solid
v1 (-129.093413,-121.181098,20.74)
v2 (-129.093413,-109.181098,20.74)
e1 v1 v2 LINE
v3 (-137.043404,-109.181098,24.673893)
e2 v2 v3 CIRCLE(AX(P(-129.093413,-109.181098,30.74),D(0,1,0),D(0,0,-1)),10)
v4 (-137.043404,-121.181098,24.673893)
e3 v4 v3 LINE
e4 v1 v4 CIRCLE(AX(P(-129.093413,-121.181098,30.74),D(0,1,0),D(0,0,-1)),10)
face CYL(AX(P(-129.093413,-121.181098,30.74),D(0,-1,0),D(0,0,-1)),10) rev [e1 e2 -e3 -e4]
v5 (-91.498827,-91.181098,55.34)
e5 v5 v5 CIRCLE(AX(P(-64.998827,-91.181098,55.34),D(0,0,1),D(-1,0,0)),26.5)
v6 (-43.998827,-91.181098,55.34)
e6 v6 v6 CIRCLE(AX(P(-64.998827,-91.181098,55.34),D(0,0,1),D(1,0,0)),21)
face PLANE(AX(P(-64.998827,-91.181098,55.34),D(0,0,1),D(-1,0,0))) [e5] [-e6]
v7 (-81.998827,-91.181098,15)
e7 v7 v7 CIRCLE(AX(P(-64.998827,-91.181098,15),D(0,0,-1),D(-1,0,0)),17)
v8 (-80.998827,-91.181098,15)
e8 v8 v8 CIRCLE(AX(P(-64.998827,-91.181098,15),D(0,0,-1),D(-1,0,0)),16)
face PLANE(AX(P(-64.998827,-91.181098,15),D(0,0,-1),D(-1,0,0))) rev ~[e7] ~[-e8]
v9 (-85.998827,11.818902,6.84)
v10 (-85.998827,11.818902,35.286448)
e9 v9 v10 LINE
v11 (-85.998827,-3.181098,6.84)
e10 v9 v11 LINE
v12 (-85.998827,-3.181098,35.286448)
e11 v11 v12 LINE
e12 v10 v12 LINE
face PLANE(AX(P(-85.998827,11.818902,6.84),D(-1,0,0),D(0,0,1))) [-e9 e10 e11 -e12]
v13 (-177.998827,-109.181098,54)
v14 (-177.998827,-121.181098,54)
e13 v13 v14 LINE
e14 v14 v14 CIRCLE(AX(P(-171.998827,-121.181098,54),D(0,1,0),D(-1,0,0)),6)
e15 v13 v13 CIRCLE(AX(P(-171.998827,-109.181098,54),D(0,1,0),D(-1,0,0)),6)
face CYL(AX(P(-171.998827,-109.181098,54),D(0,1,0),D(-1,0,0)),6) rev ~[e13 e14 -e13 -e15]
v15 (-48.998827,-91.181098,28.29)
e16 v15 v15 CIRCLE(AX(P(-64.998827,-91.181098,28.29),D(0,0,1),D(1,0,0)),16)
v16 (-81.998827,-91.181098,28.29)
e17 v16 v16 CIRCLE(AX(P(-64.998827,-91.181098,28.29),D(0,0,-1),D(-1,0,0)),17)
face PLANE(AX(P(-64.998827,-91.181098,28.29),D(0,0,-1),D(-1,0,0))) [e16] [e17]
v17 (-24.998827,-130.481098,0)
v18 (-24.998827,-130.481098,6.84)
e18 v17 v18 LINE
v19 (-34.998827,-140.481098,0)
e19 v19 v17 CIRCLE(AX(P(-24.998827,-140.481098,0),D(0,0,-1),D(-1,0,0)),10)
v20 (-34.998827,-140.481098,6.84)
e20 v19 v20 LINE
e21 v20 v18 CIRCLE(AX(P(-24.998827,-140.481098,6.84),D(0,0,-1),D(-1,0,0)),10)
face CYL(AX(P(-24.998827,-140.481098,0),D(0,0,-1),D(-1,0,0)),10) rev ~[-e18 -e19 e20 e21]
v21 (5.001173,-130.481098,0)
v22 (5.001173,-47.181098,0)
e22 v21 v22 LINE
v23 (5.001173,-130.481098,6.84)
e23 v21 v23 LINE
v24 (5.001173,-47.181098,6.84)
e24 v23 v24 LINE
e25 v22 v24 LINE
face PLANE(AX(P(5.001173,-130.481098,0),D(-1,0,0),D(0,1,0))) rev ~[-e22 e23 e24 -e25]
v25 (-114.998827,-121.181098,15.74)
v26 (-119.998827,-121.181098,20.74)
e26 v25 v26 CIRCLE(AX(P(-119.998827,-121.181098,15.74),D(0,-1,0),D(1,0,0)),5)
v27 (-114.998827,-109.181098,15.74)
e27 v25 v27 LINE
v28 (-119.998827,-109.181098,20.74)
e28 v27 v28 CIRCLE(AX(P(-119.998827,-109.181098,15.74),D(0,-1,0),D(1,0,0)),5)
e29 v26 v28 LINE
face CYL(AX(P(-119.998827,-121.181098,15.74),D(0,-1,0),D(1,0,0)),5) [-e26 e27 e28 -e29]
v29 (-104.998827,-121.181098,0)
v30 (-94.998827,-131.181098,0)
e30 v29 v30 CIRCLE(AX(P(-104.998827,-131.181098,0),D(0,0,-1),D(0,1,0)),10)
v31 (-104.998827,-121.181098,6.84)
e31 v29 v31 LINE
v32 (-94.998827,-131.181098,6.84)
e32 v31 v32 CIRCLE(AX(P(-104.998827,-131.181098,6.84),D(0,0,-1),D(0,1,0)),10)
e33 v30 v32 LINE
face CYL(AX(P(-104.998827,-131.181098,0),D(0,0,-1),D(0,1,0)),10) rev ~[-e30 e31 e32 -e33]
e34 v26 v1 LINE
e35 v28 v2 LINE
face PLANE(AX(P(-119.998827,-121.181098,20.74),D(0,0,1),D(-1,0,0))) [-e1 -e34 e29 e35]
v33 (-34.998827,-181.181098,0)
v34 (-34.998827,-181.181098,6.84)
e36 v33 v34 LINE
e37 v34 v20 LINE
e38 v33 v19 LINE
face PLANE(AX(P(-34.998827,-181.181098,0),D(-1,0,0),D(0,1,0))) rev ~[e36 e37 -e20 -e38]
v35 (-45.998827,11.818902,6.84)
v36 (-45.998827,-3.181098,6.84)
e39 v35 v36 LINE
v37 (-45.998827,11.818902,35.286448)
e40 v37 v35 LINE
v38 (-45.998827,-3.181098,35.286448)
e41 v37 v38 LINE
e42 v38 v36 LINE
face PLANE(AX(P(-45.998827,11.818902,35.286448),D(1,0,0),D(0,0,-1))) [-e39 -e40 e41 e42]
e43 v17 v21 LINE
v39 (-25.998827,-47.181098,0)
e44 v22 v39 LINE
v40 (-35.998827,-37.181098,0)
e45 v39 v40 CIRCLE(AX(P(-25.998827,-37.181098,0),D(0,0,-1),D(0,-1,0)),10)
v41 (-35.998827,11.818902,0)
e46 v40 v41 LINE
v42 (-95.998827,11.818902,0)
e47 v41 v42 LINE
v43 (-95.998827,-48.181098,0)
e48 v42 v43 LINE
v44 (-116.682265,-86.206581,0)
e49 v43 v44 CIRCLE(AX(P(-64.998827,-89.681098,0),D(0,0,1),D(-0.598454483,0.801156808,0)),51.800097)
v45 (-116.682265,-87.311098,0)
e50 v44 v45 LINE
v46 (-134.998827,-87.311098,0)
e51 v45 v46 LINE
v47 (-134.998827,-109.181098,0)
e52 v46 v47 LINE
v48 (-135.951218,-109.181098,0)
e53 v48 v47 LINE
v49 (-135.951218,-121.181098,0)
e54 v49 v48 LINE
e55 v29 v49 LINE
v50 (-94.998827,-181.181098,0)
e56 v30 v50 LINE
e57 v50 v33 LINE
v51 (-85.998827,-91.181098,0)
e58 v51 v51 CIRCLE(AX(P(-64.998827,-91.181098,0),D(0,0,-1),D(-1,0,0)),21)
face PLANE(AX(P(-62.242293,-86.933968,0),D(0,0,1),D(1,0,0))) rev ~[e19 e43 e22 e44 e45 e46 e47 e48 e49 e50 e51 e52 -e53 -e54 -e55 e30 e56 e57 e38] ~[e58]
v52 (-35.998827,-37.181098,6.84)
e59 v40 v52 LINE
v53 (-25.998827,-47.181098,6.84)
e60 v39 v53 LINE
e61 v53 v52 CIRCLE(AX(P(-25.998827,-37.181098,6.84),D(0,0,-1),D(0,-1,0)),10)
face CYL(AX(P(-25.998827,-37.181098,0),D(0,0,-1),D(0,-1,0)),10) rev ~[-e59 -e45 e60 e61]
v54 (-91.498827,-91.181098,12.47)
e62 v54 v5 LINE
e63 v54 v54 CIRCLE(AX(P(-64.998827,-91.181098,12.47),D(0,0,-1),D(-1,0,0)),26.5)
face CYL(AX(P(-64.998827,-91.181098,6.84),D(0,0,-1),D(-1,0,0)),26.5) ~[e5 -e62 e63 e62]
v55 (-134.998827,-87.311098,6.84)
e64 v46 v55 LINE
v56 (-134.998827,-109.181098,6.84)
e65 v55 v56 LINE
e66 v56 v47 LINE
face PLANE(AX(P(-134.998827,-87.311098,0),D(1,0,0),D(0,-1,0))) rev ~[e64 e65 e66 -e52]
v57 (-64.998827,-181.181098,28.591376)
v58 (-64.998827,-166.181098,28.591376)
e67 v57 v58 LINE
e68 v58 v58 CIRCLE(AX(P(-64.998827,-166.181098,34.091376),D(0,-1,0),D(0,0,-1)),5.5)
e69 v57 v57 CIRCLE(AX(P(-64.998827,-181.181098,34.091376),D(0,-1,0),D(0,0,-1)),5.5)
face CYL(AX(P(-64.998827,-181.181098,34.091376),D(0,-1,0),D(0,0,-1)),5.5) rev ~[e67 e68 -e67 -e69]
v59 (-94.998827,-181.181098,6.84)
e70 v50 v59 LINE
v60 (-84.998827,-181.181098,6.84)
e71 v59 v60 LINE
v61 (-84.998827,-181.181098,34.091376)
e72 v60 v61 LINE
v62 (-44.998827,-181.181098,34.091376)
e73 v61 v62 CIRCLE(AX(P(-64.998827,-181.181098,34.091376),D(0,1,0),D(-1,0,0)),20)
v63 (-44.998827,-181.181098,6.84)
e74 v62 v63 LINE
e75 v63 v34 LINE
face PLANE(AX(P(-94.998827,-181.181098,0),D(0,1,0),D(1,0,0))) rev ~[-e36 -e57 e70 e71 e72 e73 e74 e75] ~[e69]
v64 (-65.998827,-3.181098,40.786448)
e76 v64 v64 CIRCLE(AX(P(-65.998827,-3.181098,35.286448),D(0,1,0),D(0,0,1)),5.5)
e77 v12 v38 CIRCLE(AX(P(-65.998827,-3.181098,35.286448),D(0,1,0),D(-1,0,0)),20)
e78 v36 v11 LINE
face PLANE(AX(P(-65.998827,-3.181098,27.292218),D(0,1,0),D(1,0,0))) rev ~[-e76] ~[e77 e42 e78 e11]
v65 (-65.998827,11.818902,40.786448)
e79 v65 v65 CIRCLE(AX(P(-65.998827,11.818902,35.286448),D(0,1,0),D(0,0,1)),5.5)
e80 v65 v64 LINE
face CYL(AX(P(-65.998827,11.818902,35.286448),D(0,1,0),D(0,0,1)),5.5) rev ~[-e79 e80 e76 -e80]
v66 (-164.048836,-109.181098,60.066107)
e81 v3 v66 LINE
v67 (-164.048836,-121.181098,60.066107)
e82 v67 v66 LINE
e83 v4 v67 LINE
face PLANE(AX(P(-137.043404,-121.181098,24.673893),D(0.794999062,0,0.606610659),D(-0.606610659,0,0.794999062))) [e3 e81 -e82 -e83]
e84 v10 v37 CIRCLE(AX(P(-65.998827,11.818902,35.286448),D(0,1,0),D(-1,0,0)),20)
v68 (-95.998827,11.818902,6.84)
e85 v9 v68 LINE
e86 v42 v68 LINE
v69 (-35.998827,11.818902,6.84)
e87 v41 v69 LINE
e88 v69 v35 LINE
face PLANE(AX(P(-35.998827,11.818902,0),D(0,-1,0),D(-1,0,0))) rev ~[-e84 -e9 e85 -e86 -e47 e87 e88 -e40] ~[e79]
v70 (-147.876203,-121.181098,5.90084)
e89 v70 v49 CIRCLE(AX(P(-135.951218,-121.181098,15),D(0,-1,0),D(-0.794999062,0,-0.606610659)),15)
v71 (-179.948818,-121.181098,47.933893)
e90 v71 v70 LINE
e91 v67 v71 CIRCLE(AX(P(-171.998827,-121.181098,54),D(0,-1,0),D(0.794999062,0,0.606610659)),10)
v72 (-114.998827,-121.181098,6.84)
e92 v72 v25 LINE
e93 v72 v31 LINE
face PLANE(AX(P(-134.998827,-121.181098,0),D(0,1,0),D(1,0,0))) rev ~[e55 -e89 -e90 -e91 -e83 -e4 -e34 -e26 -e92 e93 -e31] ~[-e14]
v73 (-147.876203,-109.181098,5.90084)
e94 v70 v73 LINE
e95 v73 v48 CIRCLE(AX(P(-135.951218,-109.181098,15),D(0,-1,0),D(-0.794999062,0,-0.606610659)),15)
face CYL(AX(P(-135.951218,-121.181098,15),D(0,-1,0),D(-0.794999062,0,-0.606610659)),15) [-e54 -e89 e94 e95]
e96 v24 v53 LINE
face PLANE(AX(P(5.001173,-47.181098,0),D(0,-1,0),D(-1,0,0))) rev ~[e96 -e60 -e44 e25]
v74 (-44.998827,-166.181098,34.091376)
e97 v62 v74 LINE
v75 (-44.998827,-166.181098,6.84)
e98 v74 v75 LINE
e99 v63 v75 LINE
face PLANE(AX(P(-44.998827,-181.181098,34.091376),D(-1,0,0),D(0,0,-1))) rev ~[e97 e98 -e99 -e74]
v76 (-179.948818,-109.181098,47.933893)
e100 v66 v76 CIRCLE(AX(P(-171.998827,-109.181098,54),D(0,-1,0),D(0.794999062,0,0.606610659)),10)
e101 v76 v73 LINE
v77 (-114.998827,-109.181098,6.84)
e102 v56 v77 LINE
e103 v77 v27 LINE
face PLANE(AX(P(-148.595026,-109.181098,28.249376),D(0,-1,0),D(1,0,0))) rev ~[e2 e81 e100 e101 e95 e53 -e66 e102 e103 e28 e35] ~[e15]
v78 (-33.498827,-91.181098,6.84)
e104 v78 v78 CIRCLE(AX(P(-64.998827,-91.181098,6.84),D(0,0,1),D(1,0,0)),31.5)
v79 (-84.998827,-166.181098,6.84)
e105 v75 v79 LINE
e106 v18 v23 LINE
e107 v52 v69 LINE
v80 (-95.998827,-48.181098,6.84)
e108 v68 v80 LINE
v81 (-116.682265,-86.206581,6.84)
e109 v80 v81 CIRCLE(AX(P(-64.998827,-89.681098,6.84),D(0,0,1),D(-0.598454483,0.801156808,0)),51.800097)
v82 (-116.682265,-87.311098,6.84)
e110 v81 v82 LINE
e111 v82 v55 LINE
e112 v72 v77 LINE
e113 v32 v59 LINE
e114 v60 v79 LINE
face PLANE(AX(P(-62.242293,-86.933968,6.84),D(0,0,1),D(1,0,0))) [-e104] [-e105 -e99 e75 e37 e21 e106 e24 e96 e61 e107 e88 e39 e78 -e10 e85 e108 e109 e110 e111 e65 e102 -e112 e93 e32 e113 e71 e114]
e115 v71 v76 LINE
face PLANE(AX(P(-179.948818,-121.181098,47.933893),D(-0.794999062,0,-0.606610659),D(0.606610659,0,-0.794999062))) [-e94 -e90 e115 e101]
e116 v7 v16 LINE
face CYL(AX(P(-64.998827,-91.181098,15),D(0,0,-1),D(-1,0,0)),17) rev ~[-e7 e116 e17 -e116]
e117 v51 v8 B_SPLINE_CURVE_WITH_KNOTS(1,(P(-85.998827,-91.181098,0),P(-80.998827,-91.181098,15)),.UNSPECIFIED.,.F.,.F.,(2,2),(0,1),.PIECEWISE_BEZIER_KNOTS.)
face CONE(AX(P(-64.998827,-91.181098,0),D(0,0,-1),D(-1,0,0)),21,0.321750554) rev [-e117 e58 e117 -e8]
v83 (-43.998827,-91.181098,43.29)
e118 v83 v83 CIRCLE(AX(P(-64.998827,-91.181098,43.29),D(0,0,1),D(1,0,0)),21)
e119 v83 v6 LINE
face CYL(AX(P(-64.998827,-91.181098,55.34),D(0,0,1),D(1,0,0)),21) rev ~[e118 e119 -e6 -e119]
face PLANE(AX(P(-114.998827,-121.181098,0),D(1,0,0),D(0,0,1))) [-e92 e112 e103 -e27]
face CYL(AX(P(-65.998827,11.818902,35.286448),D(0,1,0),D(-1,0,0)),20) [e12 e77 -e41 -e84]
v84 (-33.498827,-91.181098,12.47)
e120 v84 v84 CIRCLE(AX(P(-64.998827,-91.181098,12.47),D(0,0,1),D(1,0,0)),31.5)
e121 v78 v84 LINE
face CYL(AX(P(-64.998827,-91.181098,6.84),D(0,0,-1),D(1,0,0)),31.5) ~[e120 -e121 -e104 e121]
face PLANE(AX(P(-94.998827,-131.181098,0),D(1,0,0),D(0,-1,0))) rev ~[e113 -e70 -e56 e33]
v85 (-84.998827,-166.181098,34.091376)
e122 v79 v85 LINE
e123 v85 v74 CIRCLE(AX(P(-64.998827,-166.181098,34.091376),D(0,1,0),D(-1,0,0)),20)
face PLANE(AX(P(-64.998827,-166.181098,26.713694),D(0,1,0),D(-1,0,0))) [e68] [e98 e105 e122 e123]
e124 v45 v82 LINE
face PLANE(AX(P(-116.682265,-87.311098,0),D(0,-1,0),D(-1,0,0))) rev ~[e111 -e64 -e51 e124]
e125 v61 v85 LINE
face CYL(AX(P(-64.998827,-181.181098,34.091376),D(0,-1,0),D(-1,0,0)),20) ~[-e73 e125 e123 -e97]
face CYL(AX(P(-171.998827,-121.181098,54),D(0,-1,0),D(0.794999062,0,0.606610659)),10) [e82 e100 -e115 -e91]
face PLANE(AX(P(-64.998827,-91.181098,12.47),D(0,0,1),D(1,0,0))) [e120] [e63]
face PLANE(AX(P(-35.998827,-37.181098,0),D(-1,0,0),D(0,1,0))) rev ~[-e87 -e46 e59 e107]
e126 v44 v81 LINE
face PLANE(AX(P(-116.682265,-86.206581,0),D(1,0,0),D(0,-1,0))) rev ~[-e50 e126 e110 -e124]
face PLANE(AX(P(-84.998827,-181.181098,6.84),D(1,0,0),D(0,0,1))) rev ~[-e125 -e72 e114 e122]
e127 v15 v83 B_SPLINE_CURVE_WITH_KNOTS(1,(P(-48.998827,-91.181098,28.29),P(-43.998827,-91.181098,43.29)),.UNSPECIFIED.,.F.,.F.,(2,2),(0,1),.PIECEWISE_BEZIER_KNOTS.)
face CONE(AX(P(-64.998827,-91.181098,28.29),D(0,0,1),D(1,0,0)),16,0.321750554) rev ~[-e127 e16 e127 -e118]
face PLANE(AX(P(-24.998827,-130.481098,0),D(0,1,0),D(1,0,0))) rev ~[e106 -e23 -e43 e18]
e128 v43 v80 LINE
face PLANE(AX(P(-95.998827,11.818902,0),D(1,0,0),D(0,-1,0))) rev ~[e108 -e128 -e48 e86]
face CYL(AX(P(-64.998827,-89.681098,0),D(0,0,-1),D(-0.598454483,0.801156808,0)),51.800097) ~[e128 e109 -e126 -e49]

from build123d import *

# Parameters (mm, degrees)
EXTRUDE_1_DEPTH     = 6.84
EXTRUDE_2_DEPTH     = 12
SKETCH_3_R          = 26.5
EXTRUDE_3_DEPTH     = 48.5
SKETCH_4_R          = 31.5
EXTRUDE_4_DEPTH     = 5.63
SKETCH_5_R          = 21
CUT_EXTRUDE_1_DEPTH = 9.13
SKETCH_6_R          = 21
CUT_EXTRUDE_2_DEPTH = 2.92
SKETCH_7_R          = 16
SKETCH_9_R          = 21
SKETCH_8_R          = 16
SKETCH_10_R         = 17
CUT_EXTRUDE_3_DEPTH = 13.29
SKETCH_11_R         = 6
CUT_EXTRUDE_4_DEPTH = 42.92
EXTRUDE_5_DEPTH     = 15
SKETCH_13_R         = 5.5
CUT_EXTRUDE_5_DEPTH = 15
EXTRUDE_6_DEPTH     = 15
SKETCH_16_R         = 5.5
CUT_EXTRUDE_6_DEPTH = 15


with BuildPart() as part:
    # 스케치1 → 보스-돌출1 (new body)
    with BuildSketch(Plane.XY):
        with BuildLine():
            Line((-34.998826986, -181.181097978), (-34.998826986, -140.481097978))
            ThreePointArc((-34.998826986, -140.481097978), (-32.069894798, -133.410030166), (-24.998826986, -130.481097978))
            Line((-24.998826986, -130.481097978), (5.001173014, -130.481097978))
            Line((5.001173014, -130.481097978), (5.001173014, -47.181097978))
            Line((5.001173014, -47.181097978), (-25.998826986, -47.181097978))
            ThreePointArc((-25.998826986, -47.181097978), (-33.069894798, -44.25216579), (-35.998826986, -37.181097978))
            Line((-35.998826986, -37.181097978), (-35.998826986, 11.818902022))
            Line((-35.998826986, 11.818902022), (-95.998826986, 11.818902022))
            Line((-95.998826986, 11.818902022), (-95.998826986, -48.181097978))
            ThreePointArc((-95.998826986, -48.181097978), (-110.502915378, -64.929776001), (-116.68226469, -86.206581157))
            Line((-116.68226469, -86.206581157), (-116.68226469, -87.311097978))
            Line((-116.68226469, -87.311097978), (-134.998826986, -87.311097978))
            Line((-134.998826986, -87.311097978), (-134.998826986, -121.181097978))
            Line((-134.998826986, -121.181097978), (-104.998826986, -121.181097978))
            ThreePointArc((-104.998826986, -121.181097978), (-97.927759174, -124.110030166), (-94.998826986, -131.181097978))
            Line((-94.998826986, -131.181097978), (-94.998826986, -181.181097978))
            Line((-94.998826986, -181.181097978), (-34.998826986, -181.181097978))
        make_face()
    extrude(amount=EXTRUDE_1_DEPTH)

    # 스케치2 → 보스-돌출2 (add)
    with BuildSketch(Plane.XZ.offset(121.181097978)):
        with BuildLine():
            Line((-114.998826986, 0), (-114.998826986, 15.74))
            ThreePointArc((-114.998826986, 15.74), (-116.46329308, 19.275533906), (-119.998826986, 20.74))
            Line((-119.998826986, 20.74), (-129.093412943, 20.74))
            ThreePointArc((-129.093412943, 20.74), (-133.528440233, 21.777269783), (-137.043403564, 24.673893413))
            Line((-137.043403564, 24.673893413), (-164.048836366, 60.066106587))
            ThreePointArc((-164.048836366, 60.066106587), (-178.064933574, 61.949990621), (-179.948817607, 47.933893413))
            Line((-179.948817607, 47.933893413), (-147.876203482, 5.900840119))
            ThreePointArc((-147.876203482, 5.900840119), (-142.603758486, 1.555904675), (-135.951217551, 0))
            Line((-135.951217551, 0), (-114.998826986, 0))
        make_face()
    extrude(amount=-EXTRUDE_2_DEPTH)

    # 스케치3 → 보스-돌출3 (add)
    with BuildSketch(Plane.XY.offset(6.84)):
        with Locations(Location((-64.998826986, -91.181097978, 0), (0, 0, 180))):
            Circle(SKETCH_3_R)
    extrude(amount=EXTRUDE_3_DEPTH)

    # 스케치4 → 보스-돌출4 (add)
    with BuildSketch(Plane.XY.offset(6.84)):
        with Locations((-64.998826986, -91.181097978)):
            Circle(SKETCH_4_R)
    extrude(amount=EXTRUDE_4_DEPTH)

    # 스케치5 → 컷-돌출1 (cut)
    with BuildSketch(Plane.XY.offset(55.34)):
        with Locations((-64.998826986, -91.181097978)):
            Circle(SKETCH_5_R)
    extrude(amount=-CUT_EXTRUDE_1_DEPTH, mode=Mode.SUBTRACT)

    # 스케치6 → 컷-돌출2 (cut)
    with BuildSketch(Plane.XY.offset(46.21)):
        with Locations((-64.998826986, -91.181097978)):
            Circle(SKETCH_6_R)
    extrude(amount=-CUT_EXTRUDE_2_DEPTH, mode=Mode.SUBTRACT)

    # 스케치7 → section 0 of loft_1
    with BuildSketch(Plane.XY.offset(28.29), mode=Mode.PRIVATE) as loft_1_s0:
        with Locations((-64.998826986, -91.181097978)):
            Circle(SKETCH_7_R)
    # loft up to a face of the part (loft_1)
    loft([loft_1_s0.sketch, Face(Wire([part.edges().sort_by_distance((-79.374316211, -75.872756802, 43.29))[0]]))], mode=Mode.SUBTRACT)

    # 스케치9 → 컷-로프트3 section 0
    with BuildSketch(Plane(origin=(0, 0, 0), x_dir=(-1, 0, 0), z_dir=(0, 0, -1))):
        with Locations((64.998826986, -91.181097978)):
            Circle(SKETCH_9_R)
    # 스케치8 → 컷-로프트3 section 1
    with BuildSketch(Plane(origin=(0, 0, 15), x_dir=(-1, 0, 0), z_dir=(0, 0, -1))):
        with Locations((64.998826986, -91.181097978)):
            Circle(SKETCH_8_R)
    loft(mode=Mode.SUBTRACT)

    # 스케치10 → 컷-돌출3 (cut)
    with BuildSketch(Plane(origin=(0, 0, 15), x_dir=(-1, 0, 0), z_dir=(0, 0, -1))):
        with Locations((64.998826986, -91.181097978)):
            Circle(SKETCH_10_R)
    extrude(amount=-CUT_EXTRUDE_3_DEPTH, mode=Mode.SUBTRACT)

    # 스케치11 → 컷-돌출4 (cut)
    with BuildSketch(Plane(origin=(0, -109.181097978, 0), x_dir=(1, 0, 0), z_dir=(0, 1, 0))):
        with Locations(Location((-171.998826986, -54, 0), (0, 0, 180))):
            Circle(SKETCH_11_R)
    extrude(amount=-CUT_EXTRUDE_4_DEPTH, mode=Mode.SUBTRACT)

    # 스케치12 → 보스-돌출5 (add)
    with BuildSketch(Plane.XZ.offset(181.181097978)):
        with BuildLine():
            Line((-84.998826986, 6.84), (-84.998826986, 34.091376239))
            ThreePointArc((-84.998826986, 34.091376239), (-64.998826986, 54.091376239), (-44.998826986, 34.091376239))
            Line((-44.998826986, 34.091376239), (-44.998826986, 6.84))
            Line((-44.998826986, 6.84), (-84.998826986, 6.84))
        make_face()
    extrude(amount=-EXTRUDE_5_DEPTH)

    # 스케치13 → 컷-돌출5 (cut)
    with BuildSketch(Plane.XZ.offset(181.181097978)):
        with Locations(Location((-64.998826986, 34.091376239, 0), (0, 0, 270))):
            Circle(SKETCH_13_R)
    extrude(amount=-CUT_EXTRUDE_5_DEPTH, mode=Mode.SUBTRACT)

    # 스케치15 → 보스-돌출6 (add)
    with BuildSketch(Plane(origin=(0, 11.818902022, 0), x_dir=(1, 0, 0), z_dir=(0, 1, 0))):
        with BuildLine():
            Line((-85.998826986, -6.84), (-85.998826986, -35.286448376))
            ThreePointArc((-85.998826986, -35.286448376), (-65.998826986, -55.286448376), (-45.998826986, -35.286448376))
            Line((-45.998826986, -35.286448376), (-45.998826986, -6.84))
            Line((-45.998826986, -6.84), (-85.998826986, -6.84))
        make_face()
    extrude(amount=-EXTRUDE_6_DEPTH)

    # 스케치16 → 컷-돌출6 (cut)
    with BuildSketch(Plane(origin=(0, 11.818902022, 0), x_dir=(1, 0, 0), z_dir=(0, 1, 0))):
        with Locations(Location((-65.998826986, -35.286448376, 0), (0, 0, 270))):
            Circle(SKETCH_16_R)
    extrude(amount=-CUT_EXTRUDE_6_DEPTH, mode=Mode.SUBTRACT)


solid = part.part
